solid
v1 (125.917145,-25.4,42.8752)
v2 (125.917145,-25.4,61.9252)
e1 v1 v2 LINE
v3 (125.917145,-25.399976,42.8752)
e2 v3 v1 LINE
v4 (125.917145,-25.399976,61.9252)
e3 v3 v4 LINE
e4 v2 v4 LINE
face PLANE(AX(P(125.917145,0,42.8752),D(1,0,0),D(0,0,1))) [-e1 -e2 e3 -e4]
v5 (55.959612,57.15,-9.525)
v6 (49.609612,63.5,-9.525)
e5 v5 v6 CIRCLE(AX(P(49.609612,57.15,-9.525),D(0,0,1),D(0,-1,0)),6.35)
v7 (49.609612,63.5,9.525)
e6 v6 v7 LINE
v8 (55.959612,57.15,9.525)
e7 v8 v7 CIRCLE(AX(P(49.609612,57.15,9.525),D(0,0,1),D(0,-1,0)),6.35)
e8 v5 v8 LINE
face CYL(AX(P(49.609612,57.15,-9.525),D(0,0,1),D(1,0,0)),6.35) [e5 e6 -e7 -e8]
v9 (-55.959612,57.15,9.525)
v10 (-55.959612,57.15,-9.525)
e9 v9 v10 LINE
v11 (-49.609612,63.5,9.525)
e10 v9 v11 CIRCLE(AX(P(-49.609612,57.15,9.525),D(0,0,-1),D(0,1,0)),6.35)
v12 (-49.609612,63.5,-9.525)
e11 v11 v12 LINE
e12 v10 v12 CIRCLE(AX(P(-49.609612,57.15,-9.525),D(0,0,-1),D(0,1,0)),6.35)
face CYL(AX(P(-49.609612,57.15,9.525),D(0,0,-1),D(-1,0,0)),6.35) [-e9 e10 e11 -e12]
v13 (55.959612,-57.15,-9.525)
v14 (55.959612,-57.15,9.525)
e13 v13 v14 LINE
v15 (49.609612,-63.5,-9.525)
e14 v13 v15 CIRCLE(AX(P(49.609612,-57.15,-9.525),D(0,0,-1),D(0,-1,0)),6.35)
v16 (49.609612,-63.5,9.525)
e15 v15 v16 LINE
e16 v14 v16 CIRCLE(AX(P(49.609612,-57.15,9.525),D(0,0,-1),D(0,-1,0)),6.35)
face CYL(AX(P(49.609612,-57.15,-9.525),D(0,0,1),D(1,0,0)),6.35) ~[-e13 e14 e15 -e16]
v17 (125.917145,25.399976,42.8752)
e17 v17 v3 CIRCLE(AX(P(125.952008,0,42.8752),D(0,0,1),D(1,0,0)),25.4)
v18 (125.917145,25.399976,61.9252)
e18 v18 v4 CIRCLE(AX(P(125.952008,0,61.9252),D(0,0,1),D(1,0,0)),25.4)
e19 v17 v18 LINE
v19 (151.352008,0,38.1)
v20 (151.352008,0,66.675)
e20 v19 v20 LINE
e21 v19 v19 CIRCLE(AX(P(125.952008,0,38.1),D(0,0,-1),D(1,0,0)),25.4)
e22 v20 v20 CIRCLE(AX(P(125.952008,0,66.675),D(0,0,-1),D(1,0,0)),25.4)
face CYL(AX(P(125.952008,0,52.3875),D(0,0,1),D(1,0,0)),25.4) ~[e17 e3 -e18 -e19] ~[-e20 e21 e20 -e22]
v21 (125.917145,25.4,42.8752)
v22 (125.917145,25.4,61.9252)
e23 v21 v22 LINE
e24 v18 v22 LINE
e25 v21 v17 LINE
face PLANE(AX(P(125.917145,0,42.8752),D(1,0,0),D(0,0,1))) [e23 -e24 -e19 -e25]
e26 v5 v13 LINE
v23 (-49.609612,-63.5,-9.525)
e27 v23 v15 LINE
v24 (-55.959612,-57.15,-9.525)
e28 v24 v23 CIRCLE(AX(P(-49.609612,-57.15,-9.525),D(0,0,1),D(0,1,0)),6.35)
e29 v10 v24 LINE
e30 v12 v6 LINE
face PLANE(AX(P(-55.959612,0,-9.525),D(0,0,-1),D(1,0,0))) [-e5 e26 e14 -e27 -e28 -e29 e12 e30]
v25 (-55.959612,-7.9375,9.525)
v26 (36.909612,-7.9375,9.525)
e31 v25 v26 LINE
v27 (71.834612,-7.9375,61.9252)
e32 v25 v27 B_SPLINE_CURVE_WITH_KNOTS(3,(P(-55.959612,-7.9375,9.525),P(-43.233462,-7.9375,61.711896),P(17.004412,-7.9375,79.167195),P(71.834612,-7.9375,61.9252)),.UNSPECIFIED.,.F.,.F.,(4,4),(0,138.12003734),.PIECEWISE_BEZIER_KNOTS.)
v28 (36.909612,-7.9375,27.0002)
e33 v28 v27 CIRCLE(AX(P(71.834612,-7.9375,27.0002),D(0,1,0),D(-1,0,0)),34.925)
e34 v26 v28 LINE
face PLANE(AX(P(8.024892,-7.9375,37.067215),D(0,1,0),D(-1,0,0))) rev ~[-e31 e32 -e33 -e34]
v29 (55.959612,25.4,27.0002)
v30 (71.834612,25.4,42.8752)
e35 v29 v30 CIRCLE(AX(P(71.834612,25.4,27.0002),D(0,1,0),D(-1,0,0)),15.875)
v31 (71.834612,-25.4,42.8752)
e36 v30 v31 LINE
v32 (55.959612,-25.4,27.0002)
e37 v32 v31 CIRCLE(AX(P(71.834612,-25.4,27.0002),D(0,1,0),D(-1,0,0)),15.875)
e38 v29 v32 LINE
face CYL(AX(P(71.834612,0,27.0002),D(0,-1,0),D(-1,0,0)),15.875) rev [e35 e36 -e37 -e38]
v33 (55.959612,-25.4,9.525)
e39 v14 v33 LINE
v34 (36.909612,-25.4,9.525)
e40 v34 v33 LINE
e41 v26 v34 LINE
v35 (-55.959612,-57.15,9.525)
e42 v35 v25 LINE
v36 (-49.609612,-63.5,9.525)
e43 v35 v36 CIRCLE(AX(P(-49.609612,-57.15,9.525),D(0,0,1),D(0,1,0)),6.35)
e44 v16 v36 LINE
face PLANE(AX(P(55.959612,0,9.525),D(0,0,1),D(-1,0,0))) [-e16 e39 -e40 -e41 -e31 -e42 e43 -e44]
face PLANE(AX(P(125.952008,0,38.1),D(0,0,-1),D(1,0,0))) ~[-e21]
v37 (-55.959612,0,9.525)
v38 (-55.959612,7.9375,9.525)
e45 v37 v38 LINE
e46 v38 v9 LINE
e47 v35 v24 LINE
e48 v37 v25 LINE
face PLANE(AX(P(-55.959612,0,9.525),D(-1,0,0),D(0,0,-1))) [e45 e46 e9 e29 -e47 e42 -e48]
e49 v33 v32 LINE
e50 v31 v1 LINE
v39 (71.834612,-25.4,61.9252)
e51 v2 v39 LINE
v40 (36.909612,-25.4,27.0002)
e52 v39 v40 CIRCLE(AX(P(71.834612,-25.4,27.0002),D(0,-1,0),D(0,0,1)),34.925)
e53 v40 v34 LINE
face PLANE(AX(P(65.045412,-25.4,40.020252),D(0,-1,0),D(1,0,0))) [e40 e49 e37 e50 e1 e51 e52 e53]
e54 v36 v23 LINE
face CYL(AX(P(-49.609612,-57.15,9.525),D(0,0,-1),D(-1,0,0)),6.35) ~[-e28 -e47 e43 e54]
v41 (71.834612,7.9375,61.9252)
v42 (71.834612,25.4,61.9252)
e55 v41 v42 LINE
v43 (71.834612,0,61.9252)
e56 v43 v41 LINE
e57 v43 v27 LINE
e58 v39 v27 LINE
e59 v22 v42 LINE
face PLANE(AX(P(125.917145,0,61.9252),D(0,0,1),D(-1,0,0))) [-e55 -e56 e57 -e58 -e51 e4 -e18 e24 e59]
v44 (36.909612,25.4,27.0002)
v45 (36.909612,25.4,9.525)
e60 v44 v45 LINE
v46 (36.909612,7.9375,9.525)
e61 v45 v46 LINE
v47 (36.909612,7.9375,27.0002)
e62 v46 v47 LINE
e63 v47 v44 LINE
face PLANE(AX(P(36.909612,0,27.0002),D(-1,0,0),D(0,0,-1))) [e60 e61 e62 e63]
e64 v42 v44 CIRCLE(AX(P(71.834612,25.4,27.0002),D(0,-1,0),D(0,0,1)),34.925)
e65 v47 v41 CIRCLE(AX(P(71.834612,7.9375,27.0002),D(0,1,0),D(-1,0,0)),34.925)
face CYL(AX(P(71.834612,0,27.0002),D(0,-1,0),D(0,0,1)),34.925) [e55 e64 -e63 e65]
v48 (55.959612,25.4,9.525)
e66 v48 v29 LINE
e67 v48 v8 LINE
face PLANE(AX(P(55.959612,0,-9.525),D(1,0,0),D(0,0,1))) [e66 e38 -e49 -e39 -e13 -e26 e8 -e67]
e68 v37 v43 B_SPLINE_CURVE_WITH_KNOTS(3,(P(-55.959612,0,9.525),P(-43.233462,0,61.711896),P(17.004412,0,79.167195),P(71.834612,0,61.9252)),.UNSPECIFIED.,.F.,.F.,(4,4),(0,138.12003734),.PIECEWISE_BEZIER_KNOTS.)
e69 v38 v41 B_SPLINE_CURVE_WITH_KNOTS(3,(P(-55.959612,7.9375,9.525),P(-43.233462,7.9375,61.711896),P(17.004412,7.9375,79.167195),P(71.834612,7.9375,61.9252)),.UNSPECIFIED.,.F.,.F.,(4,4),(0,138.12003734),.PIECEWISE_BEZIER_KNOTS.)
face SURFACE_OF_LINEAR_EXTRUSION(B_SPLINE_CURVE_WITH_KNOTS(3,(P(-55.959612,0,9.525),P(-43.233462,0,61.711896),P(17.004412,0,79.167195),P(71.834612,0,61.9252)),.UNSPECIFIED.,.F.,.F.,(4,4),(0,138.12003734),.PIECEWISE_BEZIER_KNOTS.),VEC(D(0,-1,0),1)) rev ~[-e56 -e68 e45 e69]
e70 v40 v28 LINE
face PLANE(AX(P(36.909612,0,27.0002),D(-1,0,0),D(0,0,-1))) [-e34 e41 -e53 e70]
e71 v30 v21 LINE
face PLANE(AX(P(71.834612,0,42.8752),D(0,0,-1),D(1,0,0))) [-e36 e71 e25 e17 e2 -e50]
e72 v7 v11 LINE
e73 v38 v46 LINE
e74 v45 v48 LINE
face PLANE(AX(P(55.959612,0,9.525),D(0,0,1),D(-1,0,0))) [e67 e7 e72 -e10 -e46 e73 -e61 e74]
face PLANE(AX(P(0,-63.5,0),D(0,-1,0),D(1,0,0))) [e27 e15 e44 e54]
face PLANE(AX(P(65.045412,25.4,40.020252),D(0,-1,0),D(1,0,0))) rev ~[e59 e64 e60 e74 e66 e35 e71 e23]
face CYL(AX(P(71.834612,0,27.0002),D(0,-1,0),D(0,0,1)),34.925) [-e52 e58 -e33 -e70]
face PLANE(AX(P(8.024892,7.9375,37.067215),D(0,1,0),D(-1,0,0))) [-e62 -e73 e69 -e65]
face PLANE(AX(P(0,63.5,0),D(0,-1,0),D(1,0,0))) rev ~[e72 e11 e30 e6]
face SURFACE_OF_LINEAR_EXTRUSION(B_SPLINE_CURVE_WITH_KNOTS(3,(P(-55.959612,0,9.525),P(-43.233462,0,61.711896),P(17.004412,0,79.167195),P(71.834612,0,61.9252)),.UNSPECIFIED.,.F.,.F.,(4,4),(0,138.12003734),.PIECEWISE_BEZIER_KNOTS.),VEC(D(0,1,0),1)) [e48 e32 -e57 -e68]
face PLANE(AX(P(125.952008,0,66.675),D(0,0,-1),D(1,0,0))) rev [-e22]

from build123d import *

# Parameters (mm, degrees)
F1_DEPTH = 63.5
F0_W     = 25.3651374038
F0_H     = 19.05
F2_DEPTH = 25.4
F3_DEPTH = 7.9375
F0_W_2   = 25.4
F0_H_2   = 28.575
F5_R     = 6.35


with BuildPart() as f1:
    # F0 (on Front) → F1 (new body, symmetric)
    with BuildSketch(Plane.XZ):
        Polygon((36.9096121311, 9.525), (-55.9596121311, 9.525), (-55.9596121311, -9.525), (55.9596121311, -9.525), (55.9596121311, 9.525), align=None)
    extrude(amount=F1_DEPTH, both=True)

    # F0 (on Front) → F2 (join, symmetric)
    with BuildSketch(Plane.XZ):
        with BuildLine():
            Line((36.9096121311, 27.0002), (36.9096121311, 9.525))
            Line((36.9096121311, 9.525), (55.9596121311, 9.525))
            Line((55.9596121311, 9.525), (55.9596121311, 27.0002))
            ThreePointArc((55.9596121311, 27.0002), (60.6092919798, 38.2255201513), (71.8346121311, 42.8752))
            Line((71.8346121311, 42.8752), (100.552007556, 42.8752))
            Line((100.552007556, 42.8752), (100.552007556, 61.9252))
            Line((100.552007556, 61.9252), (71.8346121311, 61.9252))
            ThreePointArc((71.8346121311, 61.9252), (47.1389077982, 51.6959043329), (36.9096121311, 27.0002))
        make_face()
        with Locations((113.2345762579, 52.4002)):
            Rectangle(F0_W, F0_H)
    extrude(amount=F2_DEPTH, both=True)

    # F0 (on Front) → F3 (join, symmetric)
    with BuildSketch(Plane.XZ):
        with BuildLine():
            add(Edge.make_bspline(
                [(-55.9596121311, 9.525), (-43.233461678, 61.7118962109), (17.0044116676, 79.1671946645), (71.8346121311, 61.9252)],
                knots=[0, 0, 0, 0, 138.1200373401, 138.1200373401, 138.1200373401, 138.1200373401], degree=3))
            Line((-55.9596121311, 9.525), (36.9096121311, 9.525))
            Line((36.9096121311, 9.525), (36.9096121311, 27.0002))
            ThreePointArc((36.9096121311, 27.0002), (47.1389077982, 51.6959043329), (71.8346121311, 61.9252))
        make_face()
    extrude(amount=F3_DEPTH, both=True)

    # F0 (on Front) → F4 (revolve)
    with BuildSketch(Plane.XZ):
        with Locations((138.652007556, 52.3875)):
            Rectangle(F0_W_2, F0_H_2)
    revolve(axis=Axis((125.952007556, 0, 52.3875), (0, 0, -1)))

    # F5
    f5_edges = [f1.edges().sort_by_distance(p)[0] for p in [
        (-55.959612, -63.5, 0),
        (55.959612, -63.5, 0),
        (55.959612, 63.5, 0),
        (-55.959612, 63.5, 0),
    ]]
    fillet(f5_edges, radius=F5_R)


solid = f1.part
